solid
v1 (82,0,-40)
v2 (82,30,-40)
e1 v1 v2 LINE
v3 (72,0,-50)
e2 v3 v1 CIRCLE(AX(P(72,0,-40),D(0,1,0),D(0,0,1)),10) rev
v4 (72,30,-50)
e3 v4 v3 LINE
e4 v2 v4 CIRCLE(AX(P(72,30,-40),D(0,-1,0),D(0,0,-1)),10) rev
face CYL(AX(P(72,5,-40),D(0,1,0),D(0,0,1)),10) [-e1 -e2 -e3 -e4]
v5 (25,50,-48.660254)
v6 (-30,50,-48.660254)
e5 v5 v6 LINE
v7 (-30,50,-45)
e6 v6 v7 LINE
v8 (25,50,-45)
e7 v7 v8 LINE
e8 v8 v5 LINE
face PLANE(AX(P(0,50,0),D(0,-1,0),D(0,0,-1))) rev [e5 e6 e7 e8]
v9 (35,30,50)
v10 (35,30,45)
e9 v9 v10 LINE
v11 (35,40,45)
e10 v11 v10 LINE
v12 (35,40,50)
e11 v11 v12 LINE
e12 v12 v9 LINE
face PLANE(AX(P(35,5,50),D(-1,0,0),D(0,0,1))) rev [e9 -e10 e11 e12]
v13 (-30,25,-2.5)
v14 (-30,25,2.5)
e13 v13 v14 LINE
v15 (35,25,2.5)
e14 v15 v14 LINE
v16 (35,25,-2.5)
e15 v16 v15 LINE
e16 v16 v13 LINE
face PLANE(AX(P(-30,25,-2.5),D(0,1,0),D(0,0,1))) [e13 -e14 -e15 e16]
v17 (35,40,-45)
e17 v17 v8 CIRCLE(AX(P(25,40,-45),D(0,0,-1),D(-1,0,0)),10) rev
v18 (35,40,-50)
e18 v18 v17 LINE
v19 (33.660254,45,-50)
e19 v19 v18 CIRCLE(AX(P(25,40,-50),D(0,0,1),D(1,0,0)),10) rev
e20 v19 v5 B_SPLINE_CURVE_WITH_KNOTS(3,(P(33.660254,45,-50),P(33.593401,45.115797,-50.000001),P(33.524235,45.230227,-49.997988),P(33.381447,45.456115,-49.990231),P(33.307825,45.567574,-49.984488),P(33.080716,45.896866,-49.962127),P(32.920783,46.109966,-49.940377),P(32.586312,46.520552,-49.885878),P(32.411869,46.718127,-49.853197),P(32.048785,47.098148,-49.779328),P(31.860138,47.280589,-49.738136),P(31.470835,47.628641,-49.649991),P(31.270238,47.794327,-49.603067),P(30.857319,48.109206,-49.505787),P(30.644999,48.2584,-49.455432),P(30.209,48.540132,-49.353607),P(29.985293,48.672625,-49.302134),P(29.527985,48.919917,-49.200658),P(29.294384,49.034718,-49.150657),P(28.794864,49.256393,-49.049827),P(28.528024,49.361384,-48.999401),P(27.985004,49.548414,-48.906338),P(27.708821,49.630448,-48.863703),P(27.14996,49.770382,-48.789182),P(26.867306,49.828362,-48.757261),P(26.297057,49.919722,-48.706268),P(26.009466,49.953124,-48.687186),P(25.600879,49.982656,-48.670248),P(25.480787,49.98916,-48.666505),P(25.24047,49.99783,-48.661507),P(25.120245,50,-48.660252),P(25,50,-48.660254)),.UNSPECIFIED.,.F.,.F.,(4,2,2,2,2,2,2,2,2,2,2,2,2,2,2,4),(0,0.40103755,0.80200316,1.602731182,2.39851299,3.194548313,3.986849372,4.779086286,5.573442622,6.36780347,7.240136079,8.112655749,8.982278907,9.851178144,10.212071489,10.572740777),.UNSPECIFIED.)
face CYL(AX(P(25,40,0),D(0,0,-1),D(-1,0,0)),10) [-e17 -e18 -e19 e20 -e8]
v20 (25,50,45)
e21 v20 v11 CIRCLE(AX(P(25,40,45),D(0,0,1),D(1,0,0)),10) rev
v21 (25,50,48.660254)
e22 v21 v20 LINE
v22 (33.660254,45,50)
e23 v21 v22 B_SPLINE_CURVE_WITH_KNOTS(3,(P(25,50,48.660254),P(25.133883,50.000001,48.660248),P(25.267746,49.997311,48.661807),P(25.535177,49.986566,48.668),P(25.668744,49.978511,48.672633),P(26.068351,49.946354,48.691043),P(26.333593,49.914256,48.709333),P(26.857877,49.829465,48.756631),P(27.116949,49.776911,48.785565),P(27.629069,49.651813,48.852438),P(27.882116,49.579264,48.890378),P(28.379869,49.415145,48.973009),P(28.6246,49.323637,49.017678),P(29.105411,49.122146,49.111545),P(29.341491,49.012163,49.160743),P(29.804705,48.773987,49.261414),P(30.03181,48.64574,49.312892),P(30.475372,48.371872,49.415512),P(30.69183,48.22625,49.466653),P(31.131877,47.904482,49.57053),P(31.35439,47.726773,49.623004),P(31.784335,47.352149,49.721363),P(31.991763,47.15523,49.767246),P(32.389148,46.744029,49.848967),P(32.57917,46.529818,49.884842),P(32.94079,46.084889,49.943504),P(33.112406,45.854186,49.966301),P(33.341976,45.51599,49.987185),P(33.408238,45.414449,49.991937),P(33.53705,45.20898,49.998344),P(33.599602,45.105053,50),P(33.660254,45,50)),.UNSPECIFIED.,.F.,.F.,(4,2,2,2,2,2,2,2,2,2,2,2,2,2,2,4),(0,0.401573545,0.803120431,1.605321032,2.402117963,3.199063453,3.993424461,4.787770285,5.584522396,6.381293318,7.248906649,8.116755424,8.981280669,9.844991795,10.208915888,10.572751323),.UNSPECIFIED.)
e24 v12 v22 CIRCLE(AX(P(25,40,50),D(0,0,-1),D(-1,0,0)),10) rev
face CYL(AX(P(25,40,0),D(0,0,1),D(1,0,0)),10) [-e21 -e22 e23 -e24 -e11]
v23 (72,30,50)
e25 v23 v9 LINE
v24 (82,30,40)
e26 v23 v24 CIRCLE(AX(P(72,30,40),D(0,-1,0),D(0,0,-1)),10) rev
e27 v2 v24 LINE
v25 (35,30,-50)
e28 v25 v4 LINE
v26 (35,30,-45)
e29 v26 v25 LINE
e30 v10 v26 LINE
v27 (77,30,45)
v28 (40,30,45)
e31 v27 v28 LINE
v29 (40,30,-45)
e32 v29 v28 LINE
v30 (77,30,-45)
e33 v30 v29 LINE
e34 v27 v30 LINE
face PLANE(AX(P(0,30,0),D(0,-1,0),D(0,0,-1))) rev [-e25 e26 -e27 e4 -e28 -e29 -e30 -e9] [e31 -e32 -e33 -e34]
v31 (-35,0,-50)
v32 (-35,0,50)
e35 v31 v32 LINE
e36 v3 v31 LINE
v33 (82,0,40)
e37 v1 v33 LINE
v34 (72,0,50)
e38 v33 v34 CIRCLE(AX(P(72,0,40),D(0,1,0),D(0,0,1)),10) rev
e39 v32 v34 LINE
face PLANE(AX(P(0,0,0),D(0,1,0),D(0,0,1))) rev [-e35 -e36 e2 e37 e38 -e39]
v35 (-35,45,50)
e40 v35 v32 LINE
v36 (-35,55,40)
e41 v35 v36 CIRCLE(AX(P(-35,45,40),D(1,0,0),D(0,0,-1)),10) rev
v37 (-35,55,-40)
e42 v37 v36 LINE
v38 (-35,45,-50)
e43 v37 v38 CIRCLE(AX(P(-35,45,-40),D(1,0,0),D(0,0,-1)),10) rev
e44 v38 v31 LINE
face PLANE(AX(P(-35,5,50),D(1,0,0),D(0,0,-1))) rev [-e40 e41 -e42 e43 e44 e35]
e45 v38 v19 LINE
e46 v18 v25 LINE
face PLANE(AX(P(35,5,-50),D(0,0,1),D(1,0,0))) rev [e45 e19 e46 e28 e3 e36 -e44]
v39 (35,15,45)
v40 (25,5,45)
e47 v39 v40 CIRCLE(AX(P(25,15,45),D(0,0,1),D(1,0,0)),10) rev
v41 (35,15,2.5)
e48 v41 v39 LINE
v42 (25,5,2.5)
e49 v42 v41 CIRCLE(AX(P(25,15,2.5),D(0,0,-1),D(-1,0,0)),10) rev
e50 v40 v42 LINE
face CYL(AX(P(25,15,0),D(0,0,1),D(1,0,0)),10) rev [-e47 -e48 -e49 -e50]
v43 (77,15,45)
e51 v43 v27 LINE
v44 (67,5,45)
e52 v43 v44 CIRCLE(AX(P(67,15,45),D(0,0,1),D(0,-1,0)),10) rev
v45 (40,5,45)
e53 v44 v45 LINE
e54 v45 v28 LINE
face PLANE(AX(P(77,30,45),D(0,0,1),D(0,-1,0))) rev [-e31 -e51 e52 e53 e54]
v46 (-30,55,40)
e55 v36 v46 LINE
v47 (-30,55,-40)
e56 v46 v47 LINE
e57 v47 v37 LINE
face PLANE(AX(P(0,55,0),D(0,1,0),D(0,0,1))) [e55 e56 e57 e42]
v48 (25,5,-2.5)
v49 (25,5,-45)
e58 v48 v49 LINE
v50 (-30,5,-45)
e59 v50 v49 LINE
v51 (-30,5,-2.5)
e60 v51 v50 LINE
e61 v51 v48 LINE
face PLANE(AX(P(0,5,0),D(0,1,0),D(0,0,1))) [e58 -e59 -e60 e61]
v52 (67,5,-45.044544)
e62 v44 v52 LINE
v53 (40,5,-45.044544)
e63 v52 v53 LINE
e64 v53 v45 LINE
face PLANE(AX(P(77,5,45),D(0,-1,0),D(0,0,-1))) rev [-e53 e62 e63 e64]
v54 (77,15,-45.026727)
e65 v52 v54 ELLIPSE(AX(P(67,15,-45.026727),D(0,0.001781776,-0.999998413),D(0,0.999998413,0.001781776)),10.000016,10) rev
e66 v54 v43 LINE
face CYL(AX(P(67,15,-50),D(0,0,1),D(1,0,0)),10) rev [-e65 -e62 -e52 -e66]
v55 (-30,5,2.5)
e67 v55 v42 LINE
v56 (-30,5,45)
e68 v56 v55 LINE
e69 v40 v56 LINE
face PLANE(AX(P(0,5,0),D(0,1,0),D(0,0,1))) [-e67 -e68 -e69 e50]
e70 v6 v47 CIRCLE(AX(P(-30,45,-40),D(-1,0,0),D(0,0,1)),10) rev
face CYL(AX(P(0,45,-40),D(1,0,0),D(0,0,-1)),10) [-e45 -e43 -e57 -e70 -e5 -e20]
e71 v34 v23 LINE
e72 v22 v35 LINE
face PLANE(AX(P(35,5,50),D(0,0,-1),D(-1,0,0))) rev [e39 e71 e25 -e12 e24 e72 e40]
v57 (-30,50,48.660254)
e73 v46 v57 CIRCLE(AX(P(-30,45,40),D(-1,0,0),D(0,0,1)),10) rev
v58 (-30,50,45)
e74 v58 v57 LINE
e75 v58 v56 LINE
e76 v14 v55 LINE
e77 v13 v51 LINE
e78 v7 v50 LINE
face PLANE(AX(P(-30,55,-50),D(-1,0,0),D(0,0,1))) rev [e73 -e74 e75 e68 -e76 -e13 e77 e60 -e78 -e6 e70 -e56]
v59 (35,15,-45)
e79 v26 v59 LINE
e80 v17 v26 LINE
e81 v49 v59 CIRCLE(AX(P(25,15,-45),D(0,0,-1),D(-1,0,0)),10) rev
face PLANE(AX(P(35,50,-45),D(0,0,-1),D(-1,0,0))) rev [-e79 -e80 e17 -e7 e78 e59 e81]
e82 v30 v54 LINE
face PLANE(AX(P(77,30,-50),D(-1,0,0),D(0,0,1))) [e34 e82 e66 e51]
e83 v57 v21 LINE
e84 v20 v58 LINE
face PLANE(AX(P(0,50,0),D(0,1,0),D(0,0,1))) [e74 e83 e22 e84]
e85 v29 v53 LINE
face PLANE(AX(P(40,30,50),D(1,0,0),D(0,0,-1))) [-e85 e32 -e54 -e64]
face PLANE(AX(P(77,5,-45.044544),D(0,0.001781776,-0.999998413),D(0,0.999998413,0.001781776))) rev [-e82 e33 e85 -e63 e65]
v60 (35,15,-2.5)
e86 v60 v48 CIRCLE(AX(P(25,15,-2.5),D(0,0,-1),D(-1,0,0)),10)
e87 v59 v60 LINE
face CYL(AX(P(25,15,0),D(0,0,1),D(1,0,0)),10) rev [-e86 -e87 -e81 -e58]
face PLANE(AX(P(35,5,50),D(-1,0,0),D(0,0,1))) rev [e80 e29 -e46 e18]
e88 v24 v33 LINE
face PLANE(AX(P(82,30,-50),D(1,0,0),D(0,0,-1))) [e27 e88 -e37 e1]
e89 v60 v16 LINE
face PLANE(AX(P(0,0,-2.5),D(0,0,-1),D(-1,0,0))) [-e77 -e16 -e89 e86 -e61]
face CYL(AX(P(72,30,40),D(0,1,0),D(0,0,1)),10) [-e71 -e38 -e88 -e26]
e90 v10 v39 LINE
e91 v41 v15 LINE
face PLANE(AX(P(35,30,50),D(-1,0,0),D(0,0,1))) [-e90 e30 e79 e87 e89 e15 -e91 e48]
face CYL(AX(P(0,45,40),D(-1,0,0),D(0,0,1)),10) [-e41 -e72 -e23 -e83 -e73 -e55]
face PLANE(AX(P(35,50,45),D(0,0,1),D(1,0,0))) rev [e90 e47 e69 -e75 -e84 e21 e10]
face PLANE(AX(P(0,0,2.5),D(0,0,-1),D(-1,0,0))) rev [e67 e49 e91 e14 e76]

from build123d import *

# Parameters (mm, degrees)
CROQUIS1_W                   = 70
CROQUIS1_H                   = 100
SALIENTE_EXTRUIR2_DEPTH      = 5
CROQUIS2_W                   = 5
CROQUIS2_H                   = 100
SALIENTE_EXTRUIR3_DEPTH      = 50
CROQUIS3_W                   = 65
CROQUIS3_H                   = 5
SALIENTE_EXTRUIR4_DEPTH      = 45
CROQUIS4_W                   = 65
CROQUIS4_H                   = 5
SALIENTE_EXTRUIR5_DEPTH      = 45
CROQUIS5_W                   = 5
CROQUIS5_H                   = 100
SALIENTE_EXTRUIR6_DEPTH      = 30
REDONDEO2_R                  = 10
REDONDEO3_R                  = 10
REDONDEO4_R                  = 10
REDONDEO5_R                  = 10
SALIENTE_EXTRUIR8_DEPTH      = 2.5
SALIENTE_EXTRUIR8_DEPTH_BACK = 2.5
CROQUIS10_W                  = 65
CROQUIS10_H                  = 20
SALIENTE_EXTRUIR9_DEPTH      = 37
CROQUIS12_W                  = 5
CROQUIS12_H                  = 100
SALIENTE_EXTRUIR10_DEPTH     = 30
REDONDEO10_R                 = 10
REDONDEO11_R                 = 10
REDONDEO13_R                 = 10
REDONDEO16_R                 = 10


with BuildPart() as part:
    # Croquis1 → Saliente-Extruir2 (new body)
    with BuildSketch(Plane(origin=(0, 0, 0), x_dir=(1, 0, 0), z_dir=(0, 1, 0))):
        Rectangle(CROQUIS1_W, CROQUIS1_H)
    extrude(amount=SALIENTE_EXTRUIR2_DEPTH)

    # Croquis2 → Saliente-Extruir3 (add)
    with BuildSketch(Plane(origin=(0, 5, 0), x_dir=(1, 0, 0), z_dir=(0, 1, 0))):
        with Locations((-32.5, 0)):
            Rectangle(CROQUIS2_W, CROQUIS2_H)
    extrude(amount=SALIENTE_EXTRUIR3_DEPTH)

    # Croquis3 → Saliente-Extruir4 (add)
    with BuildSketch(Plane(origin=(0, 5, 0), x_dir=(1, 0, 0), z_dir=(0, 1, 0))):
        with Locations((2.5, -47.5)):
            Rectangle(CROQUIS3_W, CROQUIS3_H)
    extrude(amount=SALIENTE_EXTRUIR4_DEPTH)

    # Croquis4 → Saliente-Extruir5 (add)
    with BuildSketch(Plane(origin=(0, 5, 0), x_dir=(1, 0, 0), z_dir=(0, 1, 0))):
        with Locations((2.5, 47.5)):
            Rectangle(CROQUIS4_W, CROQUIS4_H)
    extrude(amount=SALIENTE_EXTRUIR5_DEPTH)

    # Croquis5 → Saliente-Extruir6 (add)
    with BuildSketch(Plane.XZ):
        with Locations((37.5, 0)):
            Rectangle(CROQUIS5_W, CROQUIS5_H)
    extrude(amount=-SALIENTE_EXTRUIR6_DEPTH)

    # Redondeo2
    redondeo2_edges = [part.edges().sort_by_distance(p)[0] for p in [
        (35, 50, 47.5),
    ]]
    fillet(redondeo2_edges, radius=REDONDEO2_R)

    # Redondeo3
    redondeo3_edges = [part.edges().sort_by_distance(p)[0] for p in [
        (35, 50, -47.5),
    ]]
    fillet(redondeo3_edges, radius=REDONDEO3_R)

    # Redondeo4
    redondeo4_edges = [part.edges().sort_by_distance(p)[0] for p in [
        (-32.5, 55, 50),
    ]]
    fillet(redondeo4_edges, radius=REDONDEO4_R)

    # Redondeo5
    redondeo5_edges = [part.edges().sort_by_distance(p)[0] for p in [
        (-32.5, 55, -50),
    ]]
    fillet(redondeo5_edges, radius=REDONDEO5_R)

    # Croquis10 → Saliente-Extruir8 (add, two sides: drawn at the far end of the back side and taken through both)
    with BuildSketch(Plane.XY.offset(-SALIENTE_EXTRUIR8_DEPTH_BACK)):
        with Locations((2.5, 15)):
            Rectangle(CROQUIS10_W, CROQUIS10_H)
    extrude(amount=SALIENTE_EXTRUIR8_DEPTH + SALIENTE_EXTRUIR8_DEPTH_BACK)

    # Croquis11 → Saliente-Extruir9 (add)
    with BuildSketch(Plane(origin=(40, 0, 0), x_dir=(0, 0, -1), z_dir=(1, 0, 0))):
        Polygon((-50, 30), (-45, 30), (-45, 5), (45.044544461, 5), (45, 30), (50, 30), (50, 0), (-50, 0), align=None)
    extrude(amount=SALIENTE_EXTRUIR9_DEPTH)

    # Croquis12 → Saliente-Extruir10 (add)
    with BuildSketch(Plane.XZ):
        with Locations((79.5, 0)):
            Rectangle(CROQUIS12_W, CROQUIS12_H)
    extrude(amount=-SALIENTE_EXTRUIR10_DEPTH)

    # Redondeo10
    redondeo10_edges = [part.edges().sort_by_distance(p)[0] for p in [
        (77, 5, -0.022272231),
    ]]
    fillet(redondeo10_edges, radius=REDONDEO10_R)

    # Redondeo11
    redondeo11_edges = [part.edges().sort_by_distance(p)[0] for p in [
        (82, 15, -50),
    ]]
    fillet(redondeo11_edges, radius=REDONDEO11_R)

    # Redondeo13
    redondeo13_edges = [part.edges().sort_by_distance(p)[0] for p in [
        (82, 15, 50),
    ]]
    fillet(redondeo13_edges, radius=REDONDEO13_R)

    # Redondeo16
    redondeo16_edges = [part.edges().sort_by_distance(p)[0] for p in [
        (35, 5, -23.75),
        (35, 5, 23.75),
    ]]
    fillet(redondeo16_edges, radius=REDONDEO16_R)


solid = part.part
